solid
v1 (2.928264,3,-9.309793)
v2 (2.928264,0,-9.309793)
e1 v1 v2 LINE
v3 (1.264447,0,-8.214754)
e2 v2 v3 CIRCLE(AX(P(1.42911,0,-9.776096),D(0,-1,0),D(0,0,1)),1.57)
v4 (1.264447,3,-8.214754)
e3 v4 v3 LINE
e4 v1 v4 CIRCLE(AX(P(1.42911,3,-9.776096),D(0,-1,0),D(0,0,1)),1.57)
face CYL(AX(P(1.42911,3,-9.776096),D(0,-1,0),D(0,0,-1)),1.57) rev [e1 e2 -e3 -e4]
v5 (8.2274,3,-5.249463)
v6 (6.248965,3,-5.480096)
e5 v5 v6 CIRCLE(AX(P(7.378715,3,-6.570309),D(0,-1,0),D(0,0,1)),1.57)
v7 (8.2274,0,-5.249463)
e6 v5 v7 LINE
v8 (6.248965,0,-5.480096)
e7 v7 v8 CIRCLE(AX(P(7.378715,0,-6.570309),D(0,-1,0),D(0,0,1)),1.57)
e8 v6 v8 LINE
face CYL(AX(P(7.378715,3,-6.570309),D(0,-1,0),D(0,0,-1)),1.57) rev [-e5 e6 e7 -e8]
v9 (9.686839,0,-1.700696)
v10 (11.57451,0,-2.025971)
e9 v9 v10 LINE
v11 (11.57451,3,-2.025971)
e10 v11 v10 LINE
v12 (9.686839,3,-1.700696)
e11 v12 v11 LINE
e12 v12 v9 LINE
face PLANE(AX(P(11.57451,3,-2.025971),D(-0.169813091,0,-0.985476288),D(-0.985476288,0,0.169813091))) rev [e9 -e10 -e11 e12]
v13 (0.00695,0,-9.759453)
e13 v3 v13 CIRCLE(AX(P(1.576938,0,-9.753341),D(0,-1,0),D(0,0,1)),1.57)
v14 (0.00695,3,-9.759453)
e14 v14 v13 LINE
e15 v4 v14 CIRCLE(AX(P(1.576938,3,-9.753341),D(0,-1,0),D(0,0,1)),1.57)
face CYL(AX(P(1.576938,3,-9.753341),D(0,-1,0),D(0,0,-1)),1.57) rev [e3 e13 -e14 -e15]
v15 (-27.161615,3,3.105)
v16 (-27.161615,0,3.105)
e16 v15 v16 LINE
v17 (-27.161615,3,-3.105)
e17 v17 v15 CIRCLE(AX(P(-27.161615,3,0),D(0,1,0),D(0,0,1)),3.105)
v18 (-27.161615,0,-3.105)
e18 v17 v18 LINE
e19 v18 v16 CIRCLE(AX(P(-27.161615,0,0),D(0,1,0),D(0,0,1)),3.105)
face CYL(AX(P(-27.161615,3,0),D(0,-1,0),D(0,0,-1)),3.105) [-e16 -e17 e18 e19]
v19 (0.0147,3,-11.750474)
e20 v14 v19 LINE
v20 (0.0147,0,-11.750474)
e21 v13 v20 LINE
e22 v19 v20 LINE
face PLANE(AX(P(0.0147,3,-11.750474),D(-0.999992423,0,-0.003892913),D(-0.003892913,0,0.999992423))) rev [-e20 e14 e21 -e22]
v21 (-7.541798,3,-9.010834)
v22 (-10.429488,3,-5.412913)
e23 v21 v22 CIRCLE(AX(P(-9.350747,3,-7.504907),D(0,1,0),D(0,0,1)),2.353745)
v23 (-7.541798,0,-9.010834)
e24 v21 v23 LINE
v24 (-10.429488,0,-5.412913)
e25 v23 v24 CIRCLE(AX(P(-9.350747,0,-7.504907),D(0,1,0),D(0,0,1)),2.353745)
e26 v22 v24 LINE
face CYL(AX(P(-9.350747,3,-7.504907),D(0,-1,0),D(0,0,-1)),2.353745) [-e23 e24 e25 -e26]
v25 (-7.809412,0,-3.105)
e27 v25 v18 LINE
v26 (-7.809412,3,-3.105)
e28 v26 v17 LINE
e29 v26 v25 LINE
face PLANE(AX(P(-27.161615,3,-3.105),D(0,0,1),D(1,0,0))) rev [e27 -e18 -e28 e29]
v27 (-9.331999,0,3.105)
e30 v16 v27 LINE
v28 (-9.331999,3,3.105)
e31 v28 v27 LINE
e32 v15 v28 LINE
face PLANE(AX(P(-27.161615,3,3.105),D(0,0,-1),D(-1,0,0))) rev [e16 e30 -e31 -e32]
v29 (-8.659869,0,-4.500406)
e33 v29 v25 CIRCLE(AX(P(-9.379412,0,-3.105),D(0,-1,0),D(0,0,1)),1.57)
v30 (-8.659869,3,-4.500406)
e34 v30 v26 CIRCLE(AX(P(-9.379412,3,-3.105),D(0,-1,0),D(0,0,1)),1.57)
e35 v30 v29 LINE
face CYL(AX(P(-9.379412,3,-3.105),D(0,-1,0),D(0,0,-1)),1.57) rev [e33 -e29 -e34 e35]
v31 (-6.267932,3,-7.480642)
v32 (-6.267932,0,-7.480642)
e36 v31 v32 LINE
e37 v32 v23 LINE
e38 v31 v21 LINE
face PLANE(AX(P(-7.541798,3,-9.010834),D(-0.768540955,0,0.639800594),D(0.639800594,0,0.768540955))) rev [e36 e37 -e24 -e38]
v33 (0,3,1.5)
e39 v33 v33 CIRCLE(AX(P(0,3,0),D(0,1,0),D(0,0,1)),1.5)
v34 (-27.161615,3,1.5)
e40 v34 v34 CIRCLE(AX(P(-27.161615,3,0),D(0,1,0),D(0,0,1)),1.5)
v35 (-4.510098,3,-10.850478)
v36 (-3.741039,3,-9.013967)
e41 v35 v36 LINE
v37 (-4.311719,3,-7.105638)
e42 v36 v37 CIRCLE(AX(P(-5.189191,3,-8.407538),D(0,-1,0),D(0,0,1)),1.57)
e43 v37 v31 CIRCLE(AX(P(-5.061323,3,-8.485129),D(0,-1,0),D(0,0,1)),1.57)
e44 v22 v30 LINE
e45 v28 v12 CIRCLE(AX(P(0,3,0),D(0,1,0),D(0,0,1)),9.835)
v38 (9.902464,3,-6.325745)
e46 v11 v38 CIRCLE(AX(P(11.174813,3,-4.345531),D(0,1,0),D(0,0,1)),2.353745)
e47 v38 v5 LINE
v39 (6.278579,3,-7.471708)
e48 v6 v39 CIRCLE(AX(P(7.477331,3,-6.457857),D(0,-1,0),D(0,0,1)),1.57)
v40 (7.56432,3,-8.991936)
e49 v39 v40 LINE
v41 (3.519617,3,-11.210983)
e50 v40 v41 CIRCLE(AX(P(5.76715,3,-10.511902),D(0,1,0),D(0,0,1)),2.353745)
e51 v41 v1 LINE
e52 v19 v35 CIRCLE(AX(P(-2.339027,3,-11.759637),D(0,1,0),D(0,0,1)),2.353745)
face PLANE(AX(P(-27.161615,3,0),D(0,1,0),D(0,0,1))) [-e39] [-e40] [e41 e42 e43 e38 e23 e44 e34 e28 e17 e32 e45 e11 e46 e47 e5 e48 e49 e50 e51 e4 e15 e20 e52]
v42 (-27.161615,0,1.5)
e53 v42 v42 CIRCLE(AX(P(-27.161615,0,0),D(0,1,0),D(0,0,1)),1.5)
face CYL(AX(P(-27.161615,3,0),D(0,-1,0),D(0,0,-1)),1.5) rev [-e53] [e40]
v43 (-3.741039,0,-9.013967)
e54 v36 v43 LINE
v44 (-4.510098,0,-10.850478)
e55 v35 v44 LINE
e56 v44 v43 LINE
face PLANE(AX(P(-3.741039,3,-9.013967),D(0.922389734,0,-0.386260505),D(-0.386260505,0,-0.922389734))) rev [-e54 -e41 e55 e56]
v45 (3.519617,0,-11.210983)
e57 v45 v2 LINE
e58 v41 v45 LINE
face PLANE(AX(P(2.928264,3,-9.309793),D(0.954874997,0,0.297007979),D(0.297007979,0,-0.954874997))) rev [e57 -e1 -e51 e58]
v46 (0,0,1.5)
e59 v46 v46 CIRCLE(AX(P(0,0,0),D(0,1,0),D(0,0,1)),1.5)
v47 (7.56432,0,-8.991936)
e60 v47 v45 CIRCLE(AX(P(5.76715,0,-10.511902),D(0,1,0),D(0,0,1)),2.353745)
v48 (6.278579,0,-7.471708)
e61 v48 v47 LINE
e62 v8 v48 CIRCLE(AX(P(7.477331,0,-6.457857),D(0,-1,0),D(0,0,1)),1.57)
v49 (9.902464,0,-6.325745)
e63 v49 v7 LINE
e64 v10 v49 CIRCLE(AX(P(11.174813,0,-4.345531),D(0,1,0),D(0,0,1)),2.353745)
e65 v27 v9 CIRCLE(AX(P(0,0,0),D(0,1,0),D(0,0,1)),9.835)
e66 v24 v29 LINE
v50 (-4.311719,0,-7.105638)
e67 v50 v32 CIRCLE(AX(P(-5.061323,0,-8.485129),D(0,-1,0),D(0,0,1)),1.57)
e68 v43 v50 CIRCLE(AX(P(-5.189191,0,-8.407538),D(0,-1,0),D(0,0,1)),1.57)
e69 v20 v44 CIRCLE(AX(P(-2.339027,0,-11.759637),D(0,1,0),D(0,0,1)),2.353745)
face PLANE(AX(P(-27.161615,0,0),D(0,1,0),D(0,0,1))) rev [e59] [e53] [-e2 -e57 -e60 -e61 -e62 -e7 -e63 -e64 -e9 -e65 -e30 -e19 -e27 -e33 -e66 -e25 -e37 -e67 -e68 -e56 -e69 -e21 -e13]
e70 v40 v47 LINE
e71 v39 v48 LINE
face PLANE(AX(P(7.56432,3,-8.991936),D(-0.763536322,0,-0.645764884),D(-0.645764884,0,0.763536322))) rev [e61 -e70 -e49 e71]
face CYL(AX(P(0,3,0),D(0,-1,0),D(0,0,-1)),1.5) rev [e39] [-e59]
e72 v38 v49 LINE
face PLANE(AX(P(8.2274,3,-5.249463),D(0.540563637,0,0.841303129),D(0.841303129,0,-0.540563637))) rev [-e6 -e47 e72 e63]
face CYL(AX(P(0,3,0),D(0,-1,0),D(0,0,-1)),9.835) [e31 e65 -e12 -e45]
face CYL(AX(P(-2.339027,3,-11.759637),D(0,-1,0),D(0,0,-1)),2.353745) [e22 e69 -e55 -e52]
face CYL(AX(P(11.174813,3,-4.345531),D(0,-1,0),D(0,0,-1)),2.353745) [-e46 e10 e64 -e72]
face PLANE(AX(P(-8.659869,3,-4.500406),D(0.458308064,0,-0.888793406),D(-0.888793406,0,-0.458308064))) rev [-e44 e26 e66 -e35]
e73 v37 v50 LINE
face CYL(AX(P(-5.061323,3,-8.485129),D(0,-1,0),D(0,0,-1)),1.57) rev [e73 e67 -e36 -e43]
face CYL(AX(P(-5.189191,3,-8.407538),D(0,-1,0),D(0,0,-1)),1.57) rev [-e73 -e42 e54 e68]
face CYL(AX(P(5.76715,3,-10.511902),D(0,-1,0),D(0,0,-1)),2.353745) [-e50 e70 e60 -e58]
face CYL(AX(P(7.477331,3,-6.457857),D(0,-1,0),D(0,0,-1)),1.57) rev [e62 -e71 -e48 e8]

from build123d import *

# Parameters (mm, degrees)
CROQUIS1_R              = 1.5
SALIENTE_EXTRUIR1_DEPTH = 3


with BuildPart() as part:
    # Croquis1 → Saliente-Extruir1 (new body)
    with BuildSketch(Plane(origin=(0, 0, 0), x_dir=(1, 0, 0), z_dir=(0, 1, 0))):
        with BuildLine():
            Line((-27.161614769, -3.105), (-9.331998714, -3.105))
            ThreePointArc((-9.331998714, -3.105), (2.40938914, -9.535306444), (9.686839463, 1.700695802))
            Line((9.686839463, 1.700695802), (11.574510255, 2.02597122))
            ThreePointArc((11.574510255, 2.02597122), (13.368530359, 5.198598559), (9.902464329, 6.325744796))
            Line((9.902464329, 6.325744796), (8.227399936, 5.249463408))
            ThreePointArc((8.227399936, 5.249463408), (7.196926129, 5.010869422), (6.248965214, 5.480095872))
            ThreePointArc((6.248965214, 5.480095872), (5.907504818, 6.481199341), (6.278579258, 7.471707855))
            Line((6.278579258, 7.471707855), (7.564320065, 8.991935775))
            ThreePointArc((7.564320065, 8.991935775), (6.899293653, 12.575483213), (3.519617395, 11.210983026))
            Line((3.519617395, 11.210983026), (2.928263966, 9.309793011))
            ThreePointArc((2.928263966, 9.309793011), (2.29224049, 8.464643619), (1.264447351, 8.214754404))
            ThreePointArc((1.264447351, 8.214754404), (0.359376606, 8.762157641), (0.006949519, 9.759453236))
            Line((0.006949519, 9.759453236), (0.014700448, 11.750473647))
            ThreePointArc((0.014700448, 11.750473647), (-2.798199231, 14.068159511), (-4.510097634, 10.850477702))
            Line((-4.510097634, 10.850477702), (-3.741039257, 9.013966998))
            ThreePointArc((-3.741039257, 9.013966998), (-3.685009949, 7.957716993), (-4.31171948, 7.105638053))
            ThreePointArc((-4.31171948, 7.105638053), (-5.356907913, 6.943205), (-6.267931977, 7.480641985))
            Line((-6.267931977, 7.480641985), (-7.541797671, 9.010834307))
            ThreePointArc((-7.541797671, 9.010834307), (-11.186383596, 8.978187623), (-10.429487856, 5.412913271))
            Line((-10.429487856, 5.412913271), (-8.659868635, 4.500405648))
            ThreePointArc((-8.659868635, 4.500405648), (-8.038781185, 3.922072963), (-7.809412295, 3.105))
            Line((-7.809412295, 3.105), (-27.161614769, 3.105))
            ThreePointArc((-27.161614769, 3.105), (-30.266614769, 0), (-27.161614769, -3.105))
        make_face()
        with Locations(Location((0, 0, 0), (0, 0, 270))):
            Circle(CROQUIS1_R, mode=Mode.SUBTRACT)
        with Locations(Location((-27.161614769, 0, 0), (0, 0, 270))):
            Circle(CROQUIS1_R, mode=Mode.SUBTRACT)
    extrude(amount=SALIENTE_EXTRUIR1_DEPTH)


solid = part.part
